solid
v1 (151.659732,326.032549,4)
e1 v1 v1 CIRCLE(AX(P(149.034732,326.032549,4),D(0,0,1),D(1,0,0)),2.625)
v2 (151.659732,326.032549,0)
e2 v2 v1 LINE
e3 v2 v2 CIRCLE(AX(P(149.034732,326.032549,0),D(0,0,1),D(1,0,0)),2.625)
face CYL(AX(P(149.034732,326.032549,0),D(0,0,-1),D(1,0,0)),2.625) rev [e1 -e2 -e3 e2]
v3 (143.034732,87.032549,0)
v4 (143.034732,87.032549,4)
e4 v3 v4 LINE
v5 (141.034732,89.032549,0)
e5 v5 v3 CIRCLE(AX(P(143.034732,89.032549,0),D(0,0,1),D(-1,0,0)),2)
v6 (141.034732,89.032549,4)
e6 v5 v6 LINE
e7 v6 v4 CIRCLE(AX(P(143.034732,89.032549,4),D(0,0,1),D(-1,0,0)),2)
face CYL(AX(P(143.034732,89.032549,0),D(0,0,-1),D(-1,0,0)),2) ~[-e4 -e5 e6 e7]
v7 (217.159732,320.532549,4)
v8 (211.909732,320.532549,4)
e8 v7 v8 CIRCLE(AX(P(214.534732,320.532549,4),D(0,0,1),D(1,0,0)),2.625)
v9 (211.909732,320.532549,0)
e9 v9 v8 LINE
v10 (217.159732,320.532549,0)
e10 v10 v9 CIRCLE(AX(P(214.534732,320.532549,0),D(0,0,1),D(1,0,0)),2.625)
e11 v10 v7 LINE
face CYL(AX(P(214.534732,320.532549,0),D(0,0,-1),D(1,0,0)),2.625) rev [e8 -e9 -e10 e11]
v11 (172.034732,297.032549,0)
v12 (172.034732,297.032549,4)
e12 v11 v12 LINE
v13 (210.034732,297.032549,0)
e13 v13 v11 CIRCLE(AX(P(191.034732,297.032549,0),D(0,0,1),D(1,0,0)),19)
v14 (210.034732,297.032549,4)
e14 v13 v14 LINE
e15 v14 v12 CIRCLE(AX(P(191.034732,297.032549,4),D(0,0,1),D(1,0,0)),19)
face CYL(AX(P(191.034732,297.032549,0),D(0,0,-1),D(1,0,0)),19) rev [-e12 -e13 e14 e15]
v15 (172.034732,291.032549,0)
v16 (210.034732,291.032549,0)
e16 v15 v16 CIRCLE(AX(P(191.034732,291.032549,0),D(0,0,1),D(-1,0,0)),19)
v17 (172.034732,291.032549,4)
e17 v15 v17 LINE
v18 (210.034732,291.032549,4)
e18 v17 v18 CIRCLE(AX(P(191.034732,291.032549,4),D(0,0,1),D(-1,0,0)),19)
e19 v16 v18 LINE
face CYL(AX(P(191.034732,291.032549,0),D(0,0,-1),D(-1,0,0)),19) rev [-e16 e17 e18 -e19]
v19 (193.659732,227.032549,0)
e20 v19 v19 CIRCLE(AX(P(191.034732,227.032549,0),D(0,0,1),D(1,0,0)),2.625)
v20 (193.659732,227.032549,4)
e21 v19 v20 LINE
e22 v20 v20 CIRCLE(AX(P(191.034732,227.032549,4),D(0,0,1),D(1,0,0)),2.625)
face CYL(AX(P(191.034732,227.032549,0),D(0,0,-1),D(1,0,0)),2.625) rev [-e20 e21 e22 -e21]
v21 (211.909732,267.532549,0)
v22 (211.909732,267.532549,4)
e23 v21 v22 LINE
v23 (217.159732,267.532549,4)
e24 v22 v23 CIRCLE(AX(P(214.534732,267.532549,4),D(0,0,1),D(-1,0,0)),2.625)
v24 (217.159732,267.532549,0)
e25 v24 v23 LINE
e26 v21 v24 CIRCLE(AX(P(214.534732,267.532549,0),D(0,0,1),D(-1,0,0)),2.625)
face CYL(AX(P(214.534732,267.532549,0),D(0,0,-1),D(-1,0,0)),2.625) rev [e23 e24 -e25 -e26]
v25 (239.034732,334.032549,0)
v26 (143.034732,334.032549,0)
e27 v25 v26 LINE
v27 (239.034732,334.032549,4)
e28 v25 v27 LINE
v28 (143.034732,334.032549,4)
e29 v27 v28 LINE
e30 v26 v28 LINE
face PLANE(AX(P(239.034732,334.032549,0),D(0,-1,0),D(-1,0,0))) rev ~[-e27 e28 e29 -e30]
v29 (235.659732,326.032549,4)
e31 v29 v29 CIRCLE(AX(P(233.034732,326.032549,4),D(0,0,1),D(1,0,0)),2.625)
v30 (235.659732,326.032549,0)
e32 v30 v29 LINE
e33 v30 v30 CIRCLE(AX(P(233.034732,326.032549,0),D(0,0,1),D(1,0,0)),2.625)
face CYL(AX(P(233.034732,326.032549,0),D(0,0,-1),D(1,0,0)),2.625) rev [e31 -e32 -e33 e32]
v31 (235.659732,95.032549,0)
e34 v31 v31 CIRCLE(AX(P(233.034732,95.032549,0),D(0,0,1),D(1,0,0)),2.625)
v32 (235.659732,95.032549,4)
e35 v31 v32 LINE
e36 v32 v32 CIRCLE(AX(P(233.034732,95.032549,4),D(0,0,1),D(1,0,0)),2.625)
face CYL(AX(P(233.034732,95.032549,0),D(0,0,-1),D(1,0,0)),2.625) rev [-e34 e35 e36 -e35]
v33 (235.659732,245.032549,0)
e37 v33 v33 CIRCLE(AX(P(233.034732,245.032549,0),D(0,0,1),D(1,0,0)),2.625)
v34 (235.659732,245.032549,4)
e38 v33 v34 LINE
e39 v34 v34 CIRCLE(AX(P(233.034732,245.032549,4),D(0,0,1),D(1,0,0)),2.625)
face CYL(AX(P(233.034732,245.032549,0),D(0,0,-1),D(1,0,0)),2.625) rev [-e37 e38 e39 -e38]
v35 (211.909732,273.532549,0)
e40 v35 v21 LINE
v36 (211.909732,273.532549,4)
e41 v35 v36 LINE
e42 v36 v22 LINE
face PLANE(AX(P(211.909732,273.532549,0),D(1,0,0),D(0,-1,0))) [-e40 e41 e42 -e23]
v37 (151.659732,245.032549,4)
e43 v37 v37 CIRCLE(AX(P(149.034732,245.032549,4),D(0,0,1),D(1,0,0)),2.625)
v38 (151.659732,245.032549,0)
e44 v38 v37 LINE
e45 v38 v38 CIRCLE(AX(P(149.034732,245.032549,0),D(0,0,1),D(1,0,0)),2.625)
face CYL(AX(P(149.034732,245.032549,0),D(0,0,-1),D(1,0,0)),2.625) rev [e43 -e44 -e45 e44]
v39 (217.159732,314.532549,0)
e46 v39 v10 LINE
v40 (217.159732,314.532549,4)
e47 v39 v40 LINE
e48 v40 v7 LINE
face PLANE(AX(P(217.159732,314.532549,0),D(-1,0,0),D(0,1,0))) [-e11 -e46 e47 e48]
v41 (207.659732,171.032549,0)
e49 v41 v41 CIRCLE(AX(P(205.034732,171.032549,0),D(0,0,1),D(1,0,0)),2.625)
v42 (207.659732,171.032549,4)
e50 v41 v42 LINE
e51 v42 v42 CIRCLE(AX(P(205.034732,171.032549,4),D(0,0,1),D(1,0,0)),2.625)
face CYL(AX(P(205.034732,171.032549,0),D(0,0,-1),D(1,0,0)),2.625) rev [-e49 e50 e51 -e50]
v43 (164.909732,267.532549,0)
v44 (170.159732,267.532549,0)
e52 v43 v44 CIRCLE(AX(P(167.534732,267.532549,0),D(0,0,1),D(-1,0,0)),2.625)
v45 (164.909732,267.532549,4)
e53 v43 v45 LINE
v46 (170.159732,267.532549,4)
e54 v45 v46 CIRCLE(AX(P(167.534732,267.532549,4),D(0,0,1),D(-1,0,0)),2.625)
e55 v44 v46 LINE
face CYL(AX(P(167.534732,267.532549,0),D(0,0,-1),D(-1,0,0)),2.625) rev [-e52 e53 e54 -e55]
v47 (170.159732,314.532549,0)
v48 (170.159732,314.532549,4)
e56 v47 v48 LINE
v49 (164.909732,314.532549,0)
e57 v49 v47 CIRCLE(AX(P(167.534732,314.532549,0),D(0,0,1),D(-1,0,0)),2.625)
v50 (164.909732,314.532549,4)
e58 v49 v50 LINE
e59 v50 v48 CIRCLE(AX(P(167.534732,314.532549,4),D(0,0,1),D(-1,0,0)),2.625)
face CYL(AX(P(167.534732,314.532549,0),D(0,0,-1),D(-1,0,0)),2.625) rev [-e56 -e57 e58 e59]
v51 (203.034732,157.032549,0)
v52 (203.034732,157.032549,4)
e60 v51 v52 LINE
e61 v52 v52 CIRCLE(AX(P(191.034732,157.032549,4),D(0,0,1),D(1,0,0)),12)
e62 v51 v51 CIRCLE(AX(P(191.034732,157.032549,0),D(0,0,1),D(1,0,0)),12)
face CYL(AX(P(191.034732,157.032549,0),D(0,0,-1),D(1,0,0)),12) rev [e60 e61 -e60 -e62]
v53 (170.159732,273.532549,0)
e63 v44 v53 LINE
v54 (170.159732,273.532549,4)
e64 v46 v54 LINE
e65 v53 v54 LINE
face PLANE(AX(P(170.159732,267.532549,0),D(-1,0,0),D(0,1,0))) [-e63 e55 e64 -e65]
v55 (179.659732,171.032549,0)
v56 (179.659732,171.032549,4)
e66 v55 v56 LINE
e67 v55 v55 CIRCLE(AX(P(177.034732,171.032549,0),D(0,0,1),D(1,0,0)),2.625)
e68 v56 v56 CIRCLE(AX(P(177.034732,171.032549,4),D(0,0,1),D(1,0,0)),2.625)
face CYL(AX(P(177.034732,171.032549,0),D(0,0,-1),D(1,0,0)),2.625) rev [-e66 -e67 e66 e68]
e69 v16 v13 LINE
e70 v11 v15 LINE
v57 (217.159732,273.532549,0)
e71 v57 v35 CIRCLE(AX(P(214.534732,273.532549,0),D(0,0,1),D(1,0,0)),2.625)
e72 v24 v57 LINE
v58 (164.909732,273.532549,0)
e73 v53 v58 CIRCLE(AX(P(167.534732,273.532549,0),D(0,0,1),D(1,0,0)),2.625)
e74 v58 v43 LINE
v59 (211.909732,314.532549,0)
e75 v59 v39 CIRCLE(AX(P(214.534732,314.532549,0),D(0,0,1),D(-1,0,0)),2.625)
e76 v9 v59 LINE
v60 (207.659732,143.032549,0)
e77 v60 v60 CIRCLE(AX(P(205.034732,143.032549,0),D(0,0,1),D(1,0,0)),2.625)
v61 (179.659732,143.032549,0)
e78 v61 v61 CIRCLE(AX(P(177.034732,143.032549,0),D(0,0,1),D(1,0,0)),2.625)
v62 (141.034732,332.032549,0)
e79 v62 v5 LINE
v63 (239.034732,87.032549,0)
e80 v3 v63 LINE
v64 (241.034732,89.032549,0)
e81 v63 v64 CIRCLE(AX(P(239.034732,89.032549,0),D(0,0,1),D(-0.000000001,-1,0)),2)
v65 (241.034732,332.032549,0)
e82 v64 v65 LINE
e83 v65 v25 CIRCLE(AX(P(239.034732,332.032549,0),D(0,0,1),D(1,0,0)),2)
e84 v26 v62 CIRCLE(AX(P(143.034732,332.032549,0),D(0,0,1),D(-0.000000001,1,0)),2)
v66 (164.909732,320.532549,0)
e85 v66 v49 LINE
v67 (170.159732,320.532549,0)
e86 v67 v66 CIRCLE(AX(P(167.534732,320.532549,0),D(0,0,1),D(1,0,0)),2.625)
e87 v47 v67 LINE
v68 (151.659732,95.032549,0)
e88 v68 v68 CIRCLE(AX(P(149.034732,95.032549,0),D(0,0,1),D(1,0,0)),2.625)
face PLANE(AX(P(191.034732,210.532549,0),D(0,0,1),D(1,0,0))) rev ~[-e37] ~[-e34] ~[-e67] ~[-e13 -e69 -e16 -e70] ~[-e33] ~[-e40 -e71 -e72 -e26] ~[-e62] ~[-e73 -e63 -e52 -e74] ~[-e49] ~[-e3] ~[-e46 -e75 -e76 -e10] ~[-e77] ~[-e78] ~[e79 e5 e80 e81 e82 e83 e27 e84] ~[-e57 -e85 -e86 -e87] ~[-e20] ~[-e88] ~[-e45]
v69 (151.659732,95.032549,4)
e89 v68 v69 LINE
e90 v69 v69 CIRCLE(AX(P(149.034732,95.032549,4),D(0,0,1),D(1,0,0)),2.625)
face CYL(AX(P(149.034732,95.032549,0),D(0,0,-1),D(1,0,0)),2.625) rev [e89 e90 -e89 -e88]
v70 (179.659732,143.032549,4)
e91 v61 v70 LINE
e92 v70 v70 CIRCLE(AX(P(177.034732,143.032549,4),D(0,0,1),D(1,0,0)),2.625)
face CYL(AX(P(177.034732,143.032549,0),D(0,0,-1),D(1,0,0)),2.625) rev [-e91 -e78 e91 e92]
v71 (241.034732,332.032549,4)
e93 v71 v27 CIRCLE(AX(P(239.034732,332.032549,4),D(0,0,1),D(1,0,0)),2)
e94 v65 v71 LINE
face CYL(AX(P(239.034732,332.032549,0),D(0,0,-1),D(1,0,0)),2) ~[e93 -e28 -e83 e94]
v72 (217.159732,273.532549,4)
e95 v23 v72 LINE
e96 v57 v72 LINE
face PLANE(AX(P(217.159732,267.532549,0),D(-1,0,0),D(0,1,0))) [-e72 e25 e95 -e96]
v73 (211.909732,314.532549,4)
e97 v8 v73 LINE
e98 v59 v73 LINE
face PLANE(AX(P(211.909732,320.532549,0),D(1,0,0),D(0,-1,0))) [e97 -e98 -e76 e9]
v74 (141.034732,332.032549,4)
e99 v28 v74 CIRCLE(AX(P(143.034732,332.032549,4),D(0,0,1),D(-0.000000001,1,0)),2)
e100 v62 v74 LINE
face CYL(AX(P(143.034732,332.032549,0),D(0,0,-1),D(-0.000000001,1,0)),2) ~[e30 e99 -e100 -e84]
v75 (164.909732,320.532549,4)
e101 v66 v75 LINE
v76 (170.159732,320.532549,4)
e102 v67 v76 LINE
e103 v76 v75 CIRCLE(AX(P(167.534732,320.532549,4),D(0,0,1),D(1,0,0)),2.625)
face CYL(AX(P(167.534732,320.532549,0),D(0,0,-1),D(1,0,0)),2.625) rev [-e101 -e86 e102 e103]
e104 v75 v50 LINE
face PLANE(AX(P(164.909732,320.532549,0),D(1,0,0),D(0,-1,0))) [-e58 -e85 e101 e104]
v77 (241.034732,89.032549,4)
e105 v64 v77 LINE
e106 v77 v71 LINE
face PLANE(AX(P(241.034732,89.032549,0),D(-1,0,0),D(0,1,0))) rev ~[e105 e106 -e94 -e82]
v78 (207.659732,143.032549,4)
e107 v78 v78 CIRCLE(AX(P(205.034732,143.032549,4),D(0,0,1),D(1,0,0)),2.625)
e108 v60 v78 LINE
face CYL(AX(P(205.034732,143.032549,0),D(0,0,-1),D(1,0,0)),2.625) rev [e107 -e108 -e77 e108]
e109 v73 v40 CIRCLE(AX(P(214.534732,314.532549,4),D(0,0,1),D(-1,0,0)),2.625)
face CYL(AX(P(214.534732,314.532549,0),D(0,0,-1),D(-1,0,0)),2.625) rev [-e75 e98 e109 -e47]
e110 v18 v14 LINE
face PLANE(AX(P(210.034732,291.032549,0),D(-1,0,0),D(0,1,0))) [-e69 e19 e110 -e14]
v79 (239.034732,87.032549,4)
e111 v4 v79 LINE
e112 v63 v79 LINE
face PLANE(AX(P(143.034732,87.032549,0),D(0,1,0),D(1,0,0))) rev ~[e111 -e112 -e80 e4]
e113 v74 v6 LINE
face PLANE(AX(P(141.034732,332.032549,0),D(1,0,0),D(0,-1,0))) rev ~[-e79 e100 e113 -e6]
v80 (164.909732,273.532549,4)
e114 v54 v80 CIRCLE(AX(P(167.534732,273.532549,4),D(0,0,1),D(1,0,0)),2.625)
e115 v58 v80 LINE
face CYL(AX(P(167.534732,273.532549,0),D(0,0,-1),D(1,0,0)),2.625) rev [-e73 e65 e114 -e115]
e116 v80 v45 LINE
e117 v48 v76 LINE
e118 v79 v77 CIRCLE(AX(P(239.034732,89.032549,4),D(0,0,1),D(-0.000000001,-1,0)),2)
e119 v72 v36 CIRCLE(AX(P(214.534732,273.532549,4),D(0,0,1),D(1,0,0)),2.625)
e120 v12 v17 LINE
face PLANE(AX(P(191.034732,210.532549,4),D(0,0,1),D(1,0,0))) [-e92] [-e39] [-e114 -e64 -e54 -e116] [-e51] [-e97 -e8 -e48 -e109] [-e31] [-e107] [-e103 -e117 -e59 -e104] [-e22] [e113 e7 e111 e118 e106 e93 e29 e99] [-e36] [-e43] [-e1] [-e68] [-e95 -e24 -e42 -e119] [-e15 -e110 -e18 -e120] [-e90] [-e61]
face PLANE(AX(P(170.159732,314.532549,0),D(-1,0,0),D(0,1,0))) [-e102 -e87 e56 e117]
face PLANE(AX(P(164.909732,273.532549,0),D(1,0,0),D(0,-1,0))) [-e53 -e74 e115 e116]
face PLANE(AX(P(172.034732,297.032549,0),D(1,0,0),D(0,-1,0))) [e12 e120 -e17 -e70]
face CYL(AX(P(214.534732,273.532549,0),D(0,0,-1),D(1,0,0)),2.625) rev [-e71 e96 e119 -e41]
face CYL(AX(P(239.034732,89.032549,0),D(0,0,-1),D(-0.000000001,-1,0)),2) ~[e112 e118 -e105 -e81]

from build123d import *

# Parameters (mm, degrees)
MODEL_R         = 12
MODEL_R_2       = 2.625
EXTRUDE_1_DEPTH = 4


with BuildPart() as part:
    # Model → 凸台-拉伸1 (new body)
    with BuildSketch(Plane.XY):
        with BuildLine():
            Line((239.034732394, 334.032549296), (143.034732394, 334.032549296))
            ThreePointArc((143.034732394, 334.032549296), (141.620518832, 333.446762858), (141.034732394, 332.032549296))
            Line((141.034732394, 332.032549296), (141.034732394, 89.032549296))
            ThreePointArc((141.034732394, 89.032549296), (141.620518832, 87.618335733), (143.034732394, 87.032549296))
            Line((143.034732394, 87.032549296), (239.034732394, 87.032549296))
            ThreePointArc((239.034732394, 87.032549296), (240.448945957, 87.618335733), (241.034732394, 89.032549296))
            Line((241.034732394, 89.032549296), (241.034732394, 332.032549296))
            ThreePointArc((241.034732394, 332.032549296), (240.448945957, 333.446762858), (239.034732394, 334.032549296))
        make_face()
        with Locations((191.034732394, 157.032549296)):
            Circle(MODEL_R, mode=Mode.SUBTRACT)
        with Locations((177.034732394, 171.032549296)):
            Circle(MODEL_R_2, mode=Mode.SUBTRACT)
        with Locations((205.034732394, 171.032549296)):
            Circle(MODEL_R_2, mode=Mode.SUBTRACT)
        with Locations((177.034732394, 143.032549296)):
            Circle(MODEL_R_2, mode=Mode.SUBTRACT)
        with Locations((205.034732394, 143.032549296)):
            Circle(MODEL_R_2, mode=Mode.SUBTRACT)
        with Locations((149.034732394, 95.032549296)):
            Circle(MODEL_R_2, mode=Mode.SUBTRACT)
        with Locations((233.034732394, 95.032549296)):
            Circle(MODEL_R_2, mode=Mode.SUBTRACT)
        with Locations((149.034732394, 245.032549296)):
            Circle(MODEL_R_2, mode=Mode.SUBTRACT)
        with Locations((233.034732394, 245.032549296)):
            Circle(MODEL_R_2, mode=Mode.SUBTRACT)
        with Locations((149.034732394, 326.032549296)):
            Circle(MODEL_R_2, mode=Mode.SUBTRACT)
        with Locations((233.034732394, 326.032549296)):
            Circle(MODEL_R_2, mode=Mode.SUBTRACT)
        with Locations((191.034732394, 227.032549296)):
            Circle(MODEL_R_2, mode=Mode.SUBTRACT)
        with BuildLine():
            Line((217.159732394, 314.532549296), (217.159732394, 320.532549296))
            ThreePointArc((217.159732394, 320.532549296), (214.534732394, 323.157549296), (211.909732394, 320.532549296))
            Line((211.909732394, 320.532549296), (211.909732394, 314.532549296))
            ThreePointArc((211.909732394, 314.532549296), (214.534732394, 311.907549296), (217.159732394, 314.532549296))
        make_face(mode=Mode.SUBTRACT)
        with BuildLine():
            Line((217.159732394, 267.532549296), (217.159732394, 273.532549296))
            ThreePointArc((217.159732394, 273.532549296), (214.534732394, 276.157549296), (211.909732394, 273.532549296))
            Line((211.909732394, 273.532549296), (211.909732394, 267.532549296))
            ThreePointArc((211.909732394, 267.532549296), (214.534732394, 264.907549296), (217.159732394, 267.532549296))
        make_face(mode=Mode.SUBTRACT)
        with BuildLine():
            Line((172.034732394, 297.032549296), (172.034732394, 291.032549296))
            ThreePointArc((172.034732394, 291.032549296), (191.034732394, 272.032549296), (210.034732394, 291.032549296))
            Line((210.034732394, 291.032549296), (210.034732394, 297.032549296))
            ThreePointArc((210.034732394, 297.032549296), (191.034732394, 316.032549296), (172.034732394, 297.032549296))
        make_face(mode=Mode.SUBTRACT)
        with BuildLine():
            Line((170.159732394, 267.532549296), (170.159732394, 273.532549296))
            ThreePointArc((170.159732394, 273.532549296), (167.534732394, 276.157549296), (164.909732394, 273.532549296))
            Line((164.909732394, 273.532549296), (164.909732394, 267.532549296))
            ThreePointArc((164.909732394, 267.532549296), (167.534732394, 264.907549296), (170.159732394, 267.532549296))
        make_face(mode=Mode.SUBTRACT)
        with BuildLine():
            Line((170.159732394, 314.532549296), (170.159732394, 320.532549296))
            ThreePointArc((170.159732394, 320.532549296), (167.534732394, 323.157549296), (164.909732394, 320.532549296))
            Line((164.909732394, 320.532549296), (164.909732394, 314.532549296))
            ThreePointArc((164.909732394, 314.532549296), (167.534732394, 311.907549296), (170.159732394, 314.532549296))
        make_face(mode=Mode.SUBTRACT)
    extrude(amount=EXTRUDE_1_DEPTH)


solid = part.part
